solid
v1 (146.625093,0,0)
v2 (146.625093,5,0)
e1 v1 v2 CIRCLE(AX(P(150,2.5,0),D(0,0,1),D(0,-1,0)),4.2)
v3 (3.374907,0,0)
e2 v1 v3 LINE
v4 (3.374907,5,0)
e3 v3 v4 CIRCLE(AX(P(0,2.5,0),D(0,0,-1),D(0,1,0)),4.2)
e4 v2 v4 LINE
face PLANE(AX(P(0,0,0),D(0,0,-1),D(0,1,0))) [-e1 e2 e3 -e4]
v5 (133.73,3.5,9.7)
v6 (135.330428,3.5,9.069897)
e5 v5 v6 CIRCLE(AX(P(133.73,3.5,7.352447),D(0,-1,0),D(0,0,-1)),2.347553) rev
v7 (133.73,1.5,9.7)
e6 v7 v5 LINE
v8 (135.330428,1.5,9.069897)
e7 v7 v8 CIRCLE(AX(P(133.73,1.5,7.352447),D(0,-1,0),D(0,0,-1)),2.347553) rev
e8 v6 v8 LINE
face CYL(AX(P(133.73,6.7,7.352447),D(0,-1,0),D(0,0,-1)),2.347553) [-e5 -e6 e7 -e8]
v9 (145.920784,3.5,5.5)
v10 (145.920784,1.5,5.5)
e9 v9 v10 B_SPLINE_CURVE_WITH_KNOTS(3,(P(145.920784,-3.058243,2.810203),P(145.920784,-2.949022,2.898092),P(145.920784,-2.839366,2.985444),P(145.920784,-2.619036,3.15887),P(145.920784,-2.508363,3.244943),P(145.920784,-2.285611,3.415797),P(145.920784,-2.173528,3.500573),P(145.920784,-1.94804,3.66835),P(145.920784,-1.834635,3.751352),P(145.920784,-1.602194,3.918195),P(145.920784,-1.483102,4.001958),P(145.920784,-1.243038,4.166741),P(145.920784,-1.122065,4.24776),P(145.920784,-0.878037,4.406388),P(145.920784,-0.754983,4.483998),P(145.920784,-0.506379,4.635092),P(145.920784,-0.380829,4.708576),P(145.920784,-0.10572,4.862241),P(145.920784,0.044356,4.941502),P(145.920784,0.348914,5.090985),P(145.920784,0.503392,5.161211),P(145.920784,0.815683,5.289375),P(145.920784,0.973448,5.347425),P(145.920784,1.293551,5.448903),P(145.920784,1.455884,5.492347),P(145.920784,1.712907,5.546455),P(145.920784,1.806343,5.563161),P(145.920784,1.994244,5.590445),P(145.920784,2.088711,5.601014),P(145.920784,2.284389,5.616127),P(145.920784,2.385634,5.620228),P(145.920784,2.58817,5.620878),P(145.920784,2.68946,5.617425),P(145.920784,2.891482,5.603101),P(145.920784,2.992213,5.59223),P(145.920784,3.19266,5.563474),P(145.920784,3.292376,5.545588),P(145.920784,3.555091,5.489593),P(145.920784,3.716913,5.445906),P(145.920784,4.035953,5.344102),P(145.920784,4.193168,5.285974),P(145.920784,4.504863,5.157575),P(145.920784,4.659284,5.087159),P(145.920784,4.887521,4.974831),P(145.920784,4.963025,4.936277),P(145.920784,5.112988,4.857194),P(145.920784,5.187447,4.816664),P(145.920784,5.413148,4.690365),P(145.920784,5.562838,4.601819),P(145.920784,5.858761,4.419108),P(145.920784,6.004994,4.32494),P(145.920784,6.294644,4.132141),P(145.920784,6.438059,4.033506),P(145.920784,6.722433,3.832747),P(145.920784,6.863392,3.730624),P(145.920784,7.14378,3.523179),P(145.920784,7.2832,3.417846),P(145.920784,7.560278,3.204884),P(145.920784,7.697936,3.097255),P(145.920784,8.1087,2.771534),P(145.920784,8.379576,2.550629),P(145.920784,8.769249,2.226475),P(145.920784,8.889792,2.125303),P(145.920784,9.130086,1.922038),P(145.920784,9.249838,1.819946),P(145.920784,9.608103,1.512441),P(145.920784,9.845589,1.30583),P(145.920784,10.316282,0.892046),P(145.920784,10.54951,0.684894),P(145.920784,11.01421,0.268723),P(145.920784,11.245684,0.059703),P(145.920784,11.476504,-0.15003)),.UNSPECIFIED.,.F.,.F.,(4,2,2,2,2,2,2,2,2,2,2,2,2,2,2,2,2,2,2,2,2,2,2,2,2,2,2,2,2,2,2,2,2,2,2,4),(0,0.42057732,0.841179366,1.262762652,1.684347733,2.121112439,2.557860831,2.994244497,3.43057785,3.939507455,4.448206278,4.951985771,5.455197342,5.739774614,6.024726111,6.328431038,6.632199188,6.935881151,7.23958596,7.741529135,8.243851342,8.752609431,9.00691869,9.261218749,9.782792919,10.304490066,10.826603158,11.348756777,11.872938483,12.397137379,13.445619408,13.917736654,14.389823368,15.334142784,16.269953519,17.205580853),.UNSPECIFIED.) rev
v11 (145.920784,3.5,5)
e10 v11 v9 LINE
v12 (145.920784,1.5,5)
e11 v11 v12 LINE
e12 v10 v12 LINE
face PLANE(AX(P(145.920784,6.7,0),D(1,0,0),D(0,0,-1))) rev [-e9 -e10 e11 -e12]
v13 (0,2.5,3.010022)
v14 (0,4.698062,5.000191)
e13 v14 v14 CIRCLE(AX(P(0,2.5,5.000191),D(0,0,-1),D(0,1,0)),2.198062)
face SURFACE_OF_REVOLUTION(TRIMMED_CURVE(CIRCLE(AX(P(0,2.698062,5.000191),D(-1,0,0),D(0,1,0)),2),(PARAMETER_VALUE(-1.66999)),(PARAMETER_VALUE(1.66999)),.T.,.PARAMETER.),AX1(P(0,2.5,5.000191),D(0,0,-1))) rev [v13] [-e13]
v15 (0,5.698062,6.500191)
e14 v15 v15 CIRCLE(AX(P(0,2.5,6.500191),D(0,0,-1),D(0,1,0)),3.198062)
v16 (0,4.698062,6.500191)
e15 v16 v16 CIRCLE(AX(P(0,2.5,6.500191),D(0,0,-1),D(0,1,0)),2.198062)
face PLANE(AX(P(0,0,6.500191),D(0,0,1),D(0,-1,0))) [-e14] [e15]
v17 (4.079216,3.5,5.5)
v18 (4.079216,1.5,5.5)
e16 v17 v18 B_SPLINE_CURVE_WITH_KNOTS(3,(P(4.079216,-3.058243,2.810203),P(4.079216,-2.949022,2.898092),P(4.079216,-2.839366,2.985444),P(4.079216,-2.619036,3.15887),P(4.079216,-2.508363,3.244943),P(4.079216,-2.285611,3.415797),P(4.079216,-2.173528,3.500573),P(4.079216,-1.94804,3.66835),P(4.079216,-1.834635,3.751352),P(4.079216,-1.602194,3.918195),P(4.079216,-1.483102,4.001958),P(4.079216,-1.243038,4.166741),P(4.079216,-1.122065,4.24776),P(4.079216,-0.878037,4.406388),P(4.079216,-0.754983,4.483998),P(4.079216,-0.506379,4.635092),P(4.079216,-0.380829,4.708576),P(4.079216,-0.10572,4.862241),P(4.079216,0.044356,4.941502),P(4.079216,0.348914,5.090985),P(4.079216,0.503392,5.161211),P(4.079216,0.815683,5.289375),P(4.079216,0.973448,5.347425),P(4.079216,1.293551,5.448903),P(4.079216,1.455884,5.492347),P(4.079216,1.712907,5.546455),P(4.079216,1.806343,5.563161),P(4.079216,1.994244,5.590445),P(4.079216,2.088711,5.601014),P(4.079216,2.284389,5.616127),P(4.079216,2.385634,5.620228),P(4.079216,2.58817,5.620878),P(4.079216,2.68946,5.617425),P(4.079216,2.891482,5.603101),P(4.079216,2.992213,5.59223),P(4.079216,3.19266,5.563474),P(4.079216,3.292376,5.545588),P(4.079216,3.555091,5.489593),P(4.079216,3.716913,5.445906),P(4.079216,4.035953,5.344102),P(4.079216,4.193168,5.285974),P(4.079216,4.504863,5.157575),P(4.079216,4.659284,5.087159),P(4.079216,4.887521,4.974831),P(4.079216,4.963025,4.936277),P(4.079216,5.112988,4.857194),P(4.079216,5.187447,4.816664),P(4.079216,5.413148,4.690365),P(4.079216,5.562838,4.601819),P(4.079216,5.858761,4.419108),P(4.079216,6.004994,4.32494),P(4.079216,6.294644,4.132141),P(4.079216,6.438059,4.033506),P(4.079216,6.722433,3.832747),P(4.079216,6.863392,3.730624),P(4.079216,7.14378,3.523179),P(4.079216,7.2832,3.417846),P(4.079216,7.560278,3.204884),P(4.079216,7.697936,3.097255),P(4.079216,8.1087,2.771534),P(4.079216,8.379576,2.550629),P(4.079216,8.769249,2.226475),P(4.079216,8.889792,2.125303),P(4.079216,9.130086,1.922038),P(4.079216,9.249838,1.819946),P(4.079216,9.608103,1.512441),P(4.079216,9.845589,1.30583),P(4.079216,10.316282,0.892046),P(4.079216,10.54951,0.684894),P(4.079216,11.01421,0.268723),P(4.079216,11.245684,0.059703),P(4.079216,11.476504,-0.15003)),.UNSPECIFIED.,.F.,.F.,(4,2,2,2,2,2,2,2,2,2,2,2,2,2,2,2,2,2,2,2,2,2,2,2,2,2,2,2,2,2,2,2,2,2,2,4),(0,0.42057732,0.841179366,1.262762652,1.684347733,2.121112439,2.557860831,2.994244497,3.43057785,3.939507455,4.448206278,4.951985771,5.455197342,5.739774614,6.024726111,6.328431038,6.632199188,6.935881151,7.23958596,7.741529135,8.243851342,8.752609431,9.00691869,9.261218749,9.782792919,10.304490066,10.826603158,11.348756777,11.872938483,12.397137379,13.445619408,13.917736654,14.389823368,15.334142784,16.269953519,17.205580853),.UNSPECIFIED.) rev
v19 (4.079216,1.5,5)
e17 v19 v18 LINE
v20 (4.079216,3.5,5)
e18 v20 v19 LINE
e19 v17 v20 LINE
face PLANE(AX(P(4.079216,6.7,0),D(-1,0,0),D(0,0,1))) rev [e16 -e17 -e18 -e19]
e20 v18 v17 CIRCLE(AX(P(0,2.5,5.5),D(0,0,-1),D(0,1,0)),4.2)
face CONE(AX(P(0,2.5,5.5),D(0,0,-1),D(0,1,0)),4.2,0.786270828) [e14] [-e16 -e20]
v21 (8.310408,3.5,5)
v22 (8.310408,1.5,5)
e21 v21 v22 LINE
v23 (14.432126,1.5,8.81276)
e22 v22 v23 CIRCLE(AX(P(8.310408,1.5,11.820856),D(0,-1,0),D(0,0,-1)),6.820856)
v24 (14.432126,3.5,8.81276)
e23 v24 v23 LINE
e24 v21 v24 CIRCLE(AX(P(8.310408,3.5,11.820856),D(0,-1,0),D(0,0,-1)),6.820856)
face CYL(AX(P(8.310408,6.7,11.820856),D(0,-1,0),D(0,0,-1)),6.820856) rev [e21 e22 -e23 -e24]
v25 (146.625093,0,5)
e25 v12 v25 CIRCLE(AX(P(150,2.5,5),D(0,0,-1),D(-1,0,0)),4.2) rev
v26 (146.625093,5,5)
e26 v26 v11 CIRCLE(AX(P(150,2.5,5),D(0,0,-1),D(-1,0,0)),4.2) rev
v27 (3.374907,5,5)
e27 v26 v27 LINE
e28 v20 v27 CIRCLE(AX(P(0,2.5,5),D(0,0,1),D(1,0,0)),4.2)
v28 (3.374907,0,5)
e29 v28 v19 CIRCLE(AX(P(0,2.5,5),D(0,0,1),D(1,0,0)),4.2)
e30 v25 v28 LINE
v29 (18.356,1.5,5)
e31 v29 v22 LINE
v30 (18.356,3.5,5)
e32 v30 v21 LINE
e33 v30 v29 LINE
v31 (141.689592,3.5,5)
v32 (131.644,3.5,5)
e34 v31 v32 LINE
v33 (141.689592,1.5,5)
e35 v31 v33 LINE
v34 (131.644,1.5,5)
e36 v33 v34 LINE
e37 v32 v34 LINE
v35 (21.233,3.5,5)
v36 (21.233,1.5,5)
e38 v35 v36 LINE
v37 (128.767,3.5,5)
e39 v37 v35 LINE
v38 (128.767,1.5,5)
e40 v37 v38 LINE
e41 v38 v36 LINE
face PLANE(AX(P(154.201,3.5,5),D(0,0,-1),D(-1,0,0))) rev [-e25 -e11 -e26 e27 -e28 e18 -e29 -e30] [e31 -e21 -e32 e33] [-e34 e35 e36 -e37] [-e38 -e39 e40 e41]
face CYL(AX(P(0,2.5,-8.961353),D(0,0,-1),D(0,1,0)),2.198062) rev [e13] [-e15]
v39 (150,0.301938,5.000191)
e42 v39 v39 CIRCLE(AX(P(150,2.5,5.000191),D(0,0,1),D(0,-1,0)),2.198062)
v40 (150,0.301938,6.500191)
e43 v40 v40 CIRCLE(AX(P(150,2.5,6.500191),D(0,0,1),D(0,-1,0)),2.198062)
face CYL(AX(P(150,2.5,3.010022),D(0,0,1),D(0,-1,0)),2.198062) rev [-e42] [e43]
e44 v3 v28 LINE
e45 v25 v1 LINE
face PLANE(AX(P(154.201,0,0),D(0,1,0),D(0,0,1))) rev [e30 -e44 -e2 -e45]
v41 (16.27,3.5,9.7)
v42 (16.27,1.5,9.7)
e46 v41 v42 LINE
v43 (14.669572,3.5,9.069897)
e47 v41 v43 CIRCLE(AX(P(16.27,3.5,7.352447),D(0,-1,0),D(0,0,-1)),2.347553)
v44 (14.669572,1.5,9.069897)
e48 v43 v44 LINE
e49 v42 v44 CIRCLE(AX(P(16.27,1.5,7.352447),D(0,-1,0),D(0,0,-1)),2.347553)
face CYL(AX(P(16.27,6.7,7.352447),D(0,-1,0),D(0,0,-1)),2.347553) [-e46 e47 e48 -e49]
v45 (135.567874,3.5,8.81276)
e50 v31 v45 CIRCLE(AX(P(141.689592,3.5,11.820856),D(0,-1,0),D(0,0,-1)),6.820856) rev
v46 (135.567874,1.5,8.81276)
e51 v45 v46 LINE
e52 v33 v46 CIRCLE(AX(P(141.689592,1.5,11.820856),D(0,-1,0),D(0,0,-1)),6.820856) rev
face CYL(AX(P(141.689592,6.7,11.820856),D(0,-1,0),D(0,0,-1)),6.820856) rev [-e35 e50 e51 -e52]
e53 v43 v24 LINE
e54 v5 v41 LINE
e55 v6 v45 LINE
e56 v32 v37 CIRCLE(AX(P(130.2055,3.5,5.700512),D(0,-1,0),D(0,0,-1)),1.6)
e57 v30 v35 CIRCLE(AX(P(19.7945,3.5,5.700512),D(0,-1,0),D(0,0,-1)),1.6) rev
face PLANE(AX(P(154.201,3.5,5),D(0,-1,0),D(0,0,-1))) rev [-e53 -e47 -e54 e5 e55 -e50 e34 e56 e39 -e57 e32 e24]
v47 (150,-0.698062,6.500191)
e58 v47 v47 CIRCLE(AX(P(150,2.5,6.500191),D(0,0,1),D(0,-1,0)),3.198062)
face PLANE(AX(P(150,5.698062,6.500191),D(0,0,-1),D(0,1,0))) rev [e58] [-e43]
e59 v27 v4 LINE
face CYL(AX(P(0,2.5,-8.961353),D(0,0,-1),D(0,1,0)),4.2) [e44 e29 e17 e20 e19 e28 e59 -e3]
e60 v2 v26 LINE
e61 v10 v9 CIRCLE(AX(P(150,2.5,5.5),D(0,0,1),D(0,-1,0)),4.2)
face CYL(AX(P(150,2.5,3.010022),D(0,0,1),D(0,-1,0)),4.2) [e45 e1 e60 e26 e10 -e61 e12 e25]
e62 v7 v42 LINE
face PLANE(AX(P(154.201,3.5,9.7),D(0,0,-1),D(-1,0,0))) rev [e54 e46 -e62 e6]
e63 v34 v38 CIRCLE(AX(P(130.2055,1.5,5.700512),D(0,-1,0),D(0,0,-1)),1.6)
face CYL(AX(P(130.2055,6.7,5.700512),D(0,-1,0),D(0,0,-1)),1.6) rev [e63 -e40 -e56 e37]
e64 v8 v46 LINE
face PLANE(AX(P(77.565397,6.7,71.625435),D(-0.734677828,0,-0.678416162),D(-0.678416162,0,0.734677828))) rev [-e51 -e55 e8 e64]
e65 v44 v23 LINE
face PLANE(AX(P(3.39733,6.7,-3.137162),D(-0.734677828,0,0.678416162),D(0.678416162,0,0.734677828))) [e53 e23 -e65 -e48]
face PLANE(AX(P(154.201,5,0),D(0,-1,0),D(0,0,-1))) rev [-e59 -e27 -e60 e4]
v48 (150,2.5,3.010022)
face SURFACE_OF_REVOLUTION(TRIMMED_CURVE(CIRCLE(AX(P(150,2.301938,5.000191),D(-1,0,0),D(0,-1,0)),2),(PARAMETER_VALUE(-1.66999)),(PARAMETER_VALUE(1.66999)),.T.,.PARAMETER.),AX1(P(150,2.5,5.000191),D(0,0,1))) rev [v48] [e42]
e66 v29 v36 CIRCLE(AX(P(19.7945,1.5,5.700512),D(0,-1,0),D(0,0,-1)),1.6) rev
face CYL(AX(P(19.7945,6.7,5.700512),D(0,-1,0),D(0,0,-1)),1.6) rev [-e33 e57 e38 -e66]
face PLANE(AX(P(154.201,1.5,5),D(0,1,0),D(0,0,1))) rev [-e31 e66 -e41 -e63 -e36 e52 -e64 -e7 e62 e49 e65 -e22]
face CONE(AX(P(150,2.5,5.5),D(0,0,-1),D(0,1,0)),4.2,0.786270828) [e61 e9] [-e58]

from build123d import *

# Parameters (mm, degrees)
EXTRUDE_1_REACH                  = 81.748
EXTRUDE_1_END_RADIUS             = 4.2
EXTRUDE_1_DIRECTION_2_REACH      = 81.748
EXTRUDE_1_DIRECTION_2_END_RADIUS = 4.2
CUT_EXTRUDE_2_DEPTH              = 155.592270182
CUT_EXTRUDE_3_DEPTH              = 155.592270182


with BuildPart() as part:
    # 스케치1 → 회전2 (revolve)
    with BuildSketch(Plane(origin=(0, 0, 0), x_dir=(0, 0, -1), z_dir=(1, 0, 0))):
        with BuildLine():
            Line((-6.500191237, 4.698061575), (-5.000191237, 4.698061575))
            ThreePointArc((-5.000191237, 4.698061575), (-3.517605127, 4.040424575), (-3.010022497, 2.5))
            Line((-3.010022497, 2.5), (0, 2.5))
            Line((0, 2.5), (0, 6.7))
            Line((0, 6.7), (-5.5, 6.7))
            Line((-5.5, 6.7), (-6.500191237, 5.698061575))
            Line((-6.500191237, 5.698061575), (-6.500191237, 4.698061575))
        make_face()
    revolve(axis=Axis((0, 2.5, -8.961352657), (0, 0, 1)))



with BuildPart() as body_2:
    # 스케치2 → 회전3 (revolve)
    with BuildSketch(Plane(origin=(150, 0, 0), x_dir=(0, 0, -1), z_dir=(1, 0, 0)), mode=Mode.PRIVATE) as revolve_3_sk:
        with BuildLine():
            Line((0, 2.5), (0, 6.7))
            Line((0, 6.7), (-5.5, 6.7))
            Line((-5.5, 6.7), (-6.500191237, 5.698061575))
            Line((-6.500191237, 5.698061575), (-6.500191237, 4.698061575))
            Line((-6.500191237, 4.698061575), (-5.000191237, 4.698061575))
            ThreePointArc((-5.000191237, 4.698061575), (-3.517605127, 4.040424575), (-3.010022497, 2.5))
            Line((-3.010022497, 2.5), (0, 2.5))
        make_face()
    revolve(revolve_3_sk.sketch.rotate(Axis((150, 2.5, 3.010022497), (0, 0, -1)), 180), axis=Axis((150, 2.5, 3.010022497), (0, 0, -1)))


with BuildPart() as part_1:
    add(part.part)

    add(body_2.part)  # 보스-돌출1 merges body 2
    # 보스-돌출1: up to this cylinder (the profile starts outside it)
    extrude_1_end = Plane(origin=(150, 2.5, 3.825291), z_dir=(0, 0, 1)) * Cylinder(EXTRUDE_1_END_RADIUS, 172.896, mode=Mode.PRIVATE)
    # 스케치3 → 보스-돌출1 (add, up to the surface)
    with BuildSketch(Plane(origin=(75, 0, 0), x_dir=(0, 0, -1), z_dir=(1, 0, 0)), mode=Mode.PRIVATE) as extrude_1_sk1:
        Polygon((-5, 3.5), (-5, 5), (0, 5), (0, 0), (-5, 0), (-5, 1.5), (-9.7, 1.5), (-9.7, 3.5), align=None)
    extrude_1_tool1 = extrude(extrude_1_sk1.sketch, amount=EXTRUDE_1_REACH, mode=Mode.PRIVATE) - extrude_1_end
    add(extrude_1_tool1.solids().sort_by_distance((75, 2.5, 3.825291))[0])

    # 보스-돌출1 direction 2: up to this cylinder (the profile starts outside it)
    extrude_1_direction_2_end = Plane(origin=(0, 2.5, 3.825291), z_dir=(0, 0, -1)) * Cylinder(EXTRUDE_1_DIRECTION_2_END_RADIUS, 172.896, mode=Mode.PRIVATE)
    # 스케치3 → 보스-돌출1 direction 2 (add, up to the surface)
    with BuildSketch(Plane(origin=(75, 0, 0), x_dir=(0, 0, -1), z_dir=(1, 0, 0)), mode=Mode.PRIVATE) as extrude_1_direction_2_sk1:
        Polygon((-5, 3.5), (-5, 5), (0, 5), (0, 0), (-5, 0), (-5, 1.5), (-9.7, 1.5), (-9.7, 3.5), align=None)
    extrude_1_direction_2_tool1 = extrude(extrude_1_direction_2_sk1.sketch, amount=-EXTRUDE_1_DIRECTION_2_REACH, mode=Mode.PRIVATE) - extrude_1_direction_2_end
    add(extrude_1_direction_2_tool1.solids().sort_by_distance((75, 2.5, 3.825291))[0])

    # 스케치4 → 컷-돌출2 (cut, through all)
    with BuildSketch(Plane.XZ.offset(-1.5)):
        with BuildLine():
            Line((145.920784389, 9.7), (133.73, 9.7))
            ThreePointArc((133.73, 9.7), (134.59, 9.536801651), (135.330428215, 9.069897208))
            Line((135.330428215, 9.069897208), (135.567873872, 8.812759968))
            ThreePointArc((135.567873872, 8.812759968), (138.083605002, 6.031129475), (141.689592152, 5))
            Line((141.689592152, 5), (145.920784389, 5))
            Line((145.920784389, 5), (145.920784389, 9.7))
        make_face()
        with BuildLine():
            ThreePointArc((14.669571785, 9.069897208), (15.41, 9.536801651), (16.27, 9.7))
            Line((16.27, 9.7), (4.079215611, 9.7))
            Line((4.079215611, 9.7), (4.079215611, 5))
            Line((4.079215611, 5), (8.310407839, 5))
            ThreePointArc((8.310407839, 5), (11.916394994, 6.031129473), (14.432126128, 8.812759968))
            Line((14.432126128, 8.812759968), (14.669571785, 9.069897208))
        make_face()
    extrude(amount=-CUT_EXTRUDE_2_DEPTH, mode=Mode.SUBTRACT)

    # 스케치6 → 컷-돌출3 (cut, through all)
    with BuildSketch(Plane.XZ.offset(-1.5)):
        with BuildLine():
            ThreePointArc((21.233, 5), (19.7945, 7.300512491), (18.356, 5))
            Line((18.356, 5), (21.233, 5))
        make_face()
        with BuildLine():
            ThreePointArc((131.644, 5), (130.2055, 7.300512491), (128.767, 5))
            Line((128.767, 5), (131.644, 5))
        make_face()
    extrude(amount=-CUT_EXTRUDE_3_DEPTH, mode=Mode.SUBTRACT)


solid = part_1.part
